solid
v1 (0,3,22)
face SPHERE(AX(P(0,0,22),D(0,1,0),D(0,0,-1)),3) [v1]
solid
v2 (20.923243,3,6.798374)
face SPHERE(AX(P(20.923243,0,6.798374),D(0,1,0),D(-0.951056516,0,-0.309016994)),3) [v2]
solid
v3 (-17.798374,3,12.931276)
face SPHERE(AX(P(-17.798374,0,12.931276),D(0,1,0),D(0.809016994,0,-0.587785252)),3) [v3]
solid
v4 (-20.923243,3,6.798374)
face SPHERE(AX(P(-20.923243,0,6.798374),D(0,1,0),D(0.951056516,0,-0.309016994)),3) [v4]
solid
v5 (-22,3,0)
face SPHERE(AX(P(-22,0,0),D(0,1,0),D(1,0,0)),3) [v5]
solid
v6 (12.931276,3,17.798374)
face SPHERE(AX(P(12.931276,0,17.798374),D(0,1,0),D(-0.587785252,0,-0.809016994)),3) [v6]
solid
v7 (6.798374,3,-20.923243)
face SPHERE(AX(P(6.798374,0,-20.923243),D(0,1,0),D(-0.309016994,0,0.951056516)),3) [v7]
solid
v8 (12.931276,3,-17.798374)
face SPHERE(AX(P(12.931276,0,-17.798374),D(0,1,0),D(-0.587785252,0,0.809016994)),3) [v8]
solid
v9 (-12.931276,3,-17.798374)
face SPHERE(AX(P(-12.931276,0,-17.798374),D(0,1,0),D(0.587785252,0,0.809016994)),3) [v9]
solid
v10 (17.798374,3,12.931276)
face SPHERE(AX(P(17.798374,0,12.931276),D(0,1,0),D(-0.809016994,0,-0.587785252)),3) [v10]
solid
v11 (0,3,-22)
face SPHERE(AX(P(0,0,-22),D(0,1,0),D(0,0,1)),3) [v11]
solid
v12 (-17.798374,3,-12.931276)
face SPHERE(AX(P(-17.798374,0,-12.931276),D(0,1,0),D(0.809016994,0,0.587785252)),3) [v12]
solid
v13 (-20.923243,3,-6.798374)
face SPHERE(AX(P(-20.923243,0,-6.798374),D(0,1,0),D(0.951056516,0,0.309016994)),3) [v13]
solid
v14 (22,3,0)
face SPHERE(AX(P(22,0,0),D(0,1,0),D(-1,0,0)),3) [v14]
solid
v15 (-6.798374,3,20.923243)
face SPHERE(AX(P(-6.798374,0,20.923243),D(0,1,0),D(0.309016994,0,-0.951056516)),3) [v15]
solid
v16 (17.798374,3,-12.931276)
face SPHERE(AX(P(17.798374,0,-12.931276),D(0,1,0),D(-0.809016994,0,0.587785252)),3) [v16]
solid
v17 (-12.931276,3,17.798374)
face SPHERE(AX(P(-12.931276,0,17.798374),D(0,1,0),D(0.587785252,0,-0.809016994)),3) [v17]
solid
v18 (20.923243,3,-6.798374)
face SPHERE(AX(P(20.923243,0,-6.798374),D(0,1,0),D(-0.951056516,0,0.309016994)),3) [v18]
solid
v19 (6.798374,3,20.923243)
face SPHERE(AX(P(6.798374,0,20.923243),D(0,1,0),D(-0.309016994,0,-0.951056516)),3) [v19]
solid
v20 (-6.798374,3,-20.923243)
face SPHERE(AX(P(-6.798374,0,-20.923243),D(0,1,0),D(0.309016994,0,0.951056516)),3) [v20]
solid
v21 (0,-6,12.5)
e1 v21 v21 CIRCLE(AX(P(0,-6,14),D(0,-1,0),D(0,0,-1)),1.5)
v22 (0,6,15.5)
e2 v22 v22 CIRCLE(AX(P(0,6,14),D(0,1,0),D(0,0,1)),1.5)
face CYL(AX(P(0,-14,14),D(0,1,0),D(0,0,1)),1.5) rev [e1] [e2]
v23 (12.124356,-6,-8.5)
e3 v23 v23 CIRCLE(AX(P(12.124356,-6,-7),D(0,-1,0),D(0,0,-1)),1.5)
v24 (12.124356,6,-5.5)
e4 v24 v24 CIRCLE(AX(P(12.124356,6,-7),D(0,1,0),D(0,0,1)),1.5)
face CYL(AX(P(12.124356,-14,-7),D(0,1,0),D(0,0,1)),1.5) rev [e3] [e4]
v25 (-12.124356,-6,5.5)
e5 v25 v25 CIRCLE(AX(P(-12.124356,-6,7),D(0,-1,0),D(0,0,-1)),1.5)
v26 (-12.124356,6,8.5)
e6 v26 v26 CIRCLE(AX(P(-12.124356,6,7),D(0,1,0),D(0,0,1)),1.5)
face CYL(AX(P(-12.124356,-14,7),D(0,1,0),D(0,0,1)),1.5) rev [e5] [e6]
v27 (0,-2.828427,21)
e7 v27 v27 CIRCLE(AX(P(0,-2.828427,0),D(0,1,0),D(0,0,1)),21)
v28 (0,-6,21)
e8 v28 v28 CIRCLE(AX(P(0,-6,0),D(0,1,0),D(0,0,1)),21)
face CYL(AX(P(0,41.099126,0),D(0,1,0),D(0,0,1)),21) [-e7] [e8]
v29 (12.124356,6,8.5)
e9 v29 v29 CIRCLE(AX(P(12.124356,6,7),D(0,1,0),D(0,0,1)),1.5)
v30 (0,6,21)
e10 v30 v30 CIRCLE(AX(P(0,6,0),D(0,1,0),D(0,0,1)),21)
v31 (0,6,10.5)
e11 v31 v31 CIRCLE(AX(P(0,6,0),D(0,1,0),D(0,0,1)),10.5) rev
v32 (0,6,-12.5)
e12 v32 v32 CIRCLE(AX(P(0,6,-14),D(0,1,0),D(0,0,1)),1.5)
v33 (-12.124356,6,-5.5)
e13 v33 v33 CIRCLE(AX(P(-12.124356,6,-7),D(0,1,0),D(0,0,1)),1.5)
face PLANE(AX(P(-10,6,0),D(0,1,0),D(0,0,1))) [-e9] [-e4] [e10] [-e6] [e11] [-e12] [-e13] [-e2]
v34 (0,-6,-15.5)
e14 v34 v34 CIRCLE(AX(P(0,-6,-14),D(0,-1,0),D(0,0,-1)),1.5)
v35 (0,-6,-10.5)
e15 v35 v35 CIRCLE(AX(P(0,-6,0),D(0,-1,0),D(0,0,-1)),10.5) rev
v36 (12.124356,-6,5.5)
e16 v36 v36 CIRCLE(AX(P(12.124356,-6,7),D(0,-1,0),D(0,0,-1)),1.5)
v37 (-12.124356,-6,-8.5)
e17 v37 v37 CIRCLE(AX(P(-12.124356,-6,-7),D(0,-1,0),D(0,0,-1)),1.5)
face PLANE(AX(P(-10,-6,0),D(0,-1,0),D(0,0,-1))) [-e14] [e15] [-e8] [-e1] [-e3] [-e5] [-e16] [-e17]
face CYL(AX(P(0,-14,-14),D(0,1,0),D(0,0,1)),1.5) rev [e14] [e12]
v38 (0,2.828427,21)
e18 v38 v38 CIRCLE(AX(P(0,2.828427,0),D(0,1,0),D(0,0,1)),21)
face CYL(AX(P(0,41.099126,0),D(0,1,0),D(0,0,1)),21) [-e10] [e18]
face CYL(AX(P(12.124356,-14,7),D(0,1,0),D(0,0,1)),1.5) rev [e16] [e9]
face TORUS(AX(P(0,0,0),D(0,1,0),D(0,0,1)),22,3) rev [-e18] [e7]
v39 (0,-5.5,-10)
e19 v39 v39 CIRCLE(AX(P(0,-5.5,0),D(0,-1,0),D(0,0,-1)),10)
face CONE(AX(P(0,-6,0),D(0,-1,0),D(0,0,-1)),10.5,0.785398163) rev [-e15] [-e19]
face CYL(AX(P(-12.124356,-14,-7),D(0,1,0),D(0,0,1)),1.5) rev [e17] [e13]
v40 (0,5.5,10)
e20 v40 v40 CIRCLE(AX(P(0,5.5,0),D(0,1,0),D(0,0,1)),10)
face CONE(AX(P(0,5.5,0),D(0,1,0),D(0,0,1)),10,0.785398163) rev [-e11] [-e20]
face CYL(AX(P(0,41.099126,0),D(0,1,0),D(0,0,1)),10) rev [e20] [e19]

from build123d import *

# Parameters (mm, degrees)
PATTERN_CIRCULAR_4_COUNT = 20
SKETCH_3_R               = 1.5
CUT_EXTRUDE_1_DEPTH      = 20
CHAMFER_1_SIZE           = 0.5


with BuildPart() as part:
    # 草图1 → 旋转1 (revolve)
    with BuildSketch(Plane.XY, mode=Mode.PRIVATE) as revolve_1_sk:
        with BuildLine():
            Line((-10, -6), (-10, 6))
            Line((-10, 6), (-21, 6))
            Line((-21, 6), (-21, 2.828427125))
            ThreePointArc((-21, 2.828427125), (-19, 0), (-21, -2.828427125))
            Line((-21, -2.828427125), (-21, -6))
            Line((-21, -6), (-10, -6))
        make_face()
    revolve(revolve_1_sk.sketch.rotate(Axis((0, 41.099126448, 0), (0, -1, 0)), 270), axis=Axis((0, 41.099126448, 0), (0, -1, 0)))

    # 草图3 → 切除-拉伸1 (cut)
    with BuildSketch(Plane(origin=(0, 6, 0), x_dir=(1, 0, 0), z_dir=(0, 1, 0))):
        with Locations(Location((0, 14, 0), (0, 0, 270))):
            Circle(SKETCH_3_R)
        with Locations(Location((12.124355653, 7, 0), (0, 0, 270))):
            Circle(SKETCH_3_R)
        with Locations(Location((12.124355653, -7, 0), (0, 0, 270))):
            Circle(SKETCH_3_R)
        with Locations(Location((0, -14, 0), (0, 0, 270))):
            Circle(SKETCH_3_R)
        with Locations(Location((-12.124355653, -7, 0), (0, 0, 270))):
            Circle(SKETCH_3_R)
        with Locations(Location((-12.124355653, 7, 0), (0, 0, 270))):
            Circle(SKETCH_3_R)
    extrude(amount=-CUT_EXTRUDE_1_DEPTH, mode=Mode.SUBTRACT)

    # 倒角1
    chamfer_1_edges = [part.edges().sort_by_distance(p)[0] for p in [
        (0, -6, -10),
        (0, 6, -10),
    ]]
    chamfer(chamfer_1_edges, length=CHAMFER_1_SIZE)


with BuildPart() as body_2:
    # 草图2 → 旋转4 (revolve)
    with BuildSketch(Plane(origin=(0, 0, 0), x_dir=(0, 0, -1), z_dir=(1, 0, 0))):
        with BuildLine():
            Line((-22, 3), (-22, -3))
            ThreePointArc((-22, -3), (-19, 0), (-22, 3))
        make_face()
    revolve(axis=Axis((0, 3, 22), (0, -1, 0)))


with BuildPart() as pattern_circular_4_1:
    # 阵列(圆周)4: pattern copy
    add(body_2.part.rotate(Axis((0, 0, 0), (0, 1, 0)), 1 * 360 / PATTERN_CIRCULAR_4_COUNT))


with BuildPart() as pattern_circular_4_2:
    # 阵列(圆周)4: pattern copy
    add(body_2.part.rotate(Axis((0, 0, 0), (0, 1, 0)), 2 * 360 / PATTERN_CIRCULAR_4_COUNT))


with BuildPart() as pattern_circular_4_3:
    # 阵列(圆周)4: pattern copy
    add(body_2.part.rotate(Axis((0, 0, 0), (0, 1, 0)), 3 * 360 / PATTERN_CIRCULAR_4_COUNT))


with BuildPart() as pattern_circular_4_4:
    # 阵列(圆周)4: pattern copy
    add(body_2.part.rotate(Axis((0, 0, 0), (0, 1, 0)), 4 * 360 / PATTERN_CIRCULAR_4_COUNT))


with BuildPart() as pattern_circular_4_5:
    # 阵列(圆周)4: pattern copy
    add(body_2.part.rotate(Axis((0, 0, 0), (0, 1, 0)), 5 * 360 / PATTERN_CIRCULAR_4_COUNT))


with BuildPart() as pattern_circular_4_6:
    # 阵列(圆周)4: pattern copy
    add(body_2.part.rotate(Axis((0, 0, 0), (0, 1, 0)), 6 * 360 / PATTERN_CIRCULAR_4_COUNT))


with BuildPart() as pattern_circular_4_7:
    # 阵列(圆周)4: pattern copy
    add(body_2.part.rotate(Axis((0, 0, 0), (0, 1, 0)), 7 * 360 / PATTERN_CIRCULAR_4_COUNT))


with BuildPart() as pattern_circular_4_8:
    # 阵列(圆周)4: pattern copy
    add(body_2.part.rotate(Axis((0, 0, 0), (0, 1, 0)), 8 * 360 / PATTERN_CIRCULAR_4_COUNT))


with BuildPart() as pattern_circular_4_9:
    # 阵列(圆周)4: pattern copy
    add(body_2.part.rotate(Axis((0, 0, 0), (0, 1, 0)), 9 * 360 / PATTERN_CIRCULAR_4_COUNT))


with BuildPart() as pattern_circular_4_10:
    # 阵列(圆周)4: pattern copy
    add(body_2.part.rotate(Axis((0, 0, 0), (0, 1, 0)), 10 * 360 / PATTERN_CIRCULAR_4_COUNT))


with BuildPart() as pattern_circular_4_11:
    # 阵列(圆周)4: pattern copy
    add(body_2.part.rotate(Axis((0, 0, 0), (0, 1, 0)), 11 * 360 / PATTERN_CIRCULAR_4_COUNT))


with BuildPart() as pattern_circular_4_12:
    # 阵列(圆周)4: pattern copy
    add(body_2.part.rotate(Axis((0, 0, 0), (0, 1, 0)), 12 * 360 / PATTERN_CIRCULAR_4_COUNT))


with BuildPart() as pattern_circular_4_13:
    # 阵列(圆周)4: pattern copy
    add(body_2.part.rotate(Axis((0, 0, 0), (0, 1, 0)), 13 * 360 / PATTERN_CIRCULAR_4_COUNT))


with BuildPart() as pattern_circular_4_14:
    # 阵列(圆周)4: pattern copy
    add(body_2.part.rotate(Axis((0, 0, 0), (0, 1, 0)), 14 * 360 / PATTERN_CIRCULAR_4_COUNT))


with BuildPart() as pattern_circular_4_15:
    # 阵列(圆周)4: pattern copy
    add(body_2.part.rotate(Axis((0, 0, 0), (0, 1, 0)), 15 * 360 / PATTERN_CIRCULAR_4_COUNT))


with BuildPart() as pattern_circular_4_16:
    # 阵列(圆周)4: pattern copy
    add(body_2.part.rotate(Axis((0, 0, 0), (0, 1, 0)), 16 * 360 / PATTERN_CIRCULAR_4_COUNT))


with BuildPart() as pattern_circular_4_17:
    # 阵列(圆周)4: pattern copy
    add(body_2.part.rotate(Axis((0, 0, 0), (0, 1, 0)), 17 * 360 / PATTERN_CIRCULAR_4_COUNT))


with BuildPart() as pattern_circular_4_18:
    # 阵列(圆周)4: pattern copy
    add(body_2.part.rotate(Axis((0, 0, 0), (0, 1, 0)), 18 * 360 / PATTERN_CIRCULAR_4_COUNT))


with BuildPart() as pattern_circular_4_19:
    # 阵列(圆周)4: pattern copy
    add(body_2.part.rotate(Axis((0, 0, 0), (0, 1, 0)), 19 * 360 / PATTERN_CIRCULAR_4_COUNT))


solid = Compound([part.part, body_2.part, pattern_circular_4_1.part, pattern_circular_4_2.part, pattern_circular_4_3.part, pattern_circular_4_4.part, pattern_circular_4_5.part, pattern_circular_4_6.part, pattern_circular_4_7.part, pattern_circular_4_8.part, pattern_circular_4_9.part, pattern_circular_4_10.part, pattern_circular_4_11.part, pattern_circular_4_12.part, pattern_circular_4_13.part, pattern_circular_4_14.part, pattern_circular_4_15.part, pattern_circular_4_16.part, pattern_circular_4_17.part, pattern_circular_4_18.part, pattern_circular_4_19.part])
